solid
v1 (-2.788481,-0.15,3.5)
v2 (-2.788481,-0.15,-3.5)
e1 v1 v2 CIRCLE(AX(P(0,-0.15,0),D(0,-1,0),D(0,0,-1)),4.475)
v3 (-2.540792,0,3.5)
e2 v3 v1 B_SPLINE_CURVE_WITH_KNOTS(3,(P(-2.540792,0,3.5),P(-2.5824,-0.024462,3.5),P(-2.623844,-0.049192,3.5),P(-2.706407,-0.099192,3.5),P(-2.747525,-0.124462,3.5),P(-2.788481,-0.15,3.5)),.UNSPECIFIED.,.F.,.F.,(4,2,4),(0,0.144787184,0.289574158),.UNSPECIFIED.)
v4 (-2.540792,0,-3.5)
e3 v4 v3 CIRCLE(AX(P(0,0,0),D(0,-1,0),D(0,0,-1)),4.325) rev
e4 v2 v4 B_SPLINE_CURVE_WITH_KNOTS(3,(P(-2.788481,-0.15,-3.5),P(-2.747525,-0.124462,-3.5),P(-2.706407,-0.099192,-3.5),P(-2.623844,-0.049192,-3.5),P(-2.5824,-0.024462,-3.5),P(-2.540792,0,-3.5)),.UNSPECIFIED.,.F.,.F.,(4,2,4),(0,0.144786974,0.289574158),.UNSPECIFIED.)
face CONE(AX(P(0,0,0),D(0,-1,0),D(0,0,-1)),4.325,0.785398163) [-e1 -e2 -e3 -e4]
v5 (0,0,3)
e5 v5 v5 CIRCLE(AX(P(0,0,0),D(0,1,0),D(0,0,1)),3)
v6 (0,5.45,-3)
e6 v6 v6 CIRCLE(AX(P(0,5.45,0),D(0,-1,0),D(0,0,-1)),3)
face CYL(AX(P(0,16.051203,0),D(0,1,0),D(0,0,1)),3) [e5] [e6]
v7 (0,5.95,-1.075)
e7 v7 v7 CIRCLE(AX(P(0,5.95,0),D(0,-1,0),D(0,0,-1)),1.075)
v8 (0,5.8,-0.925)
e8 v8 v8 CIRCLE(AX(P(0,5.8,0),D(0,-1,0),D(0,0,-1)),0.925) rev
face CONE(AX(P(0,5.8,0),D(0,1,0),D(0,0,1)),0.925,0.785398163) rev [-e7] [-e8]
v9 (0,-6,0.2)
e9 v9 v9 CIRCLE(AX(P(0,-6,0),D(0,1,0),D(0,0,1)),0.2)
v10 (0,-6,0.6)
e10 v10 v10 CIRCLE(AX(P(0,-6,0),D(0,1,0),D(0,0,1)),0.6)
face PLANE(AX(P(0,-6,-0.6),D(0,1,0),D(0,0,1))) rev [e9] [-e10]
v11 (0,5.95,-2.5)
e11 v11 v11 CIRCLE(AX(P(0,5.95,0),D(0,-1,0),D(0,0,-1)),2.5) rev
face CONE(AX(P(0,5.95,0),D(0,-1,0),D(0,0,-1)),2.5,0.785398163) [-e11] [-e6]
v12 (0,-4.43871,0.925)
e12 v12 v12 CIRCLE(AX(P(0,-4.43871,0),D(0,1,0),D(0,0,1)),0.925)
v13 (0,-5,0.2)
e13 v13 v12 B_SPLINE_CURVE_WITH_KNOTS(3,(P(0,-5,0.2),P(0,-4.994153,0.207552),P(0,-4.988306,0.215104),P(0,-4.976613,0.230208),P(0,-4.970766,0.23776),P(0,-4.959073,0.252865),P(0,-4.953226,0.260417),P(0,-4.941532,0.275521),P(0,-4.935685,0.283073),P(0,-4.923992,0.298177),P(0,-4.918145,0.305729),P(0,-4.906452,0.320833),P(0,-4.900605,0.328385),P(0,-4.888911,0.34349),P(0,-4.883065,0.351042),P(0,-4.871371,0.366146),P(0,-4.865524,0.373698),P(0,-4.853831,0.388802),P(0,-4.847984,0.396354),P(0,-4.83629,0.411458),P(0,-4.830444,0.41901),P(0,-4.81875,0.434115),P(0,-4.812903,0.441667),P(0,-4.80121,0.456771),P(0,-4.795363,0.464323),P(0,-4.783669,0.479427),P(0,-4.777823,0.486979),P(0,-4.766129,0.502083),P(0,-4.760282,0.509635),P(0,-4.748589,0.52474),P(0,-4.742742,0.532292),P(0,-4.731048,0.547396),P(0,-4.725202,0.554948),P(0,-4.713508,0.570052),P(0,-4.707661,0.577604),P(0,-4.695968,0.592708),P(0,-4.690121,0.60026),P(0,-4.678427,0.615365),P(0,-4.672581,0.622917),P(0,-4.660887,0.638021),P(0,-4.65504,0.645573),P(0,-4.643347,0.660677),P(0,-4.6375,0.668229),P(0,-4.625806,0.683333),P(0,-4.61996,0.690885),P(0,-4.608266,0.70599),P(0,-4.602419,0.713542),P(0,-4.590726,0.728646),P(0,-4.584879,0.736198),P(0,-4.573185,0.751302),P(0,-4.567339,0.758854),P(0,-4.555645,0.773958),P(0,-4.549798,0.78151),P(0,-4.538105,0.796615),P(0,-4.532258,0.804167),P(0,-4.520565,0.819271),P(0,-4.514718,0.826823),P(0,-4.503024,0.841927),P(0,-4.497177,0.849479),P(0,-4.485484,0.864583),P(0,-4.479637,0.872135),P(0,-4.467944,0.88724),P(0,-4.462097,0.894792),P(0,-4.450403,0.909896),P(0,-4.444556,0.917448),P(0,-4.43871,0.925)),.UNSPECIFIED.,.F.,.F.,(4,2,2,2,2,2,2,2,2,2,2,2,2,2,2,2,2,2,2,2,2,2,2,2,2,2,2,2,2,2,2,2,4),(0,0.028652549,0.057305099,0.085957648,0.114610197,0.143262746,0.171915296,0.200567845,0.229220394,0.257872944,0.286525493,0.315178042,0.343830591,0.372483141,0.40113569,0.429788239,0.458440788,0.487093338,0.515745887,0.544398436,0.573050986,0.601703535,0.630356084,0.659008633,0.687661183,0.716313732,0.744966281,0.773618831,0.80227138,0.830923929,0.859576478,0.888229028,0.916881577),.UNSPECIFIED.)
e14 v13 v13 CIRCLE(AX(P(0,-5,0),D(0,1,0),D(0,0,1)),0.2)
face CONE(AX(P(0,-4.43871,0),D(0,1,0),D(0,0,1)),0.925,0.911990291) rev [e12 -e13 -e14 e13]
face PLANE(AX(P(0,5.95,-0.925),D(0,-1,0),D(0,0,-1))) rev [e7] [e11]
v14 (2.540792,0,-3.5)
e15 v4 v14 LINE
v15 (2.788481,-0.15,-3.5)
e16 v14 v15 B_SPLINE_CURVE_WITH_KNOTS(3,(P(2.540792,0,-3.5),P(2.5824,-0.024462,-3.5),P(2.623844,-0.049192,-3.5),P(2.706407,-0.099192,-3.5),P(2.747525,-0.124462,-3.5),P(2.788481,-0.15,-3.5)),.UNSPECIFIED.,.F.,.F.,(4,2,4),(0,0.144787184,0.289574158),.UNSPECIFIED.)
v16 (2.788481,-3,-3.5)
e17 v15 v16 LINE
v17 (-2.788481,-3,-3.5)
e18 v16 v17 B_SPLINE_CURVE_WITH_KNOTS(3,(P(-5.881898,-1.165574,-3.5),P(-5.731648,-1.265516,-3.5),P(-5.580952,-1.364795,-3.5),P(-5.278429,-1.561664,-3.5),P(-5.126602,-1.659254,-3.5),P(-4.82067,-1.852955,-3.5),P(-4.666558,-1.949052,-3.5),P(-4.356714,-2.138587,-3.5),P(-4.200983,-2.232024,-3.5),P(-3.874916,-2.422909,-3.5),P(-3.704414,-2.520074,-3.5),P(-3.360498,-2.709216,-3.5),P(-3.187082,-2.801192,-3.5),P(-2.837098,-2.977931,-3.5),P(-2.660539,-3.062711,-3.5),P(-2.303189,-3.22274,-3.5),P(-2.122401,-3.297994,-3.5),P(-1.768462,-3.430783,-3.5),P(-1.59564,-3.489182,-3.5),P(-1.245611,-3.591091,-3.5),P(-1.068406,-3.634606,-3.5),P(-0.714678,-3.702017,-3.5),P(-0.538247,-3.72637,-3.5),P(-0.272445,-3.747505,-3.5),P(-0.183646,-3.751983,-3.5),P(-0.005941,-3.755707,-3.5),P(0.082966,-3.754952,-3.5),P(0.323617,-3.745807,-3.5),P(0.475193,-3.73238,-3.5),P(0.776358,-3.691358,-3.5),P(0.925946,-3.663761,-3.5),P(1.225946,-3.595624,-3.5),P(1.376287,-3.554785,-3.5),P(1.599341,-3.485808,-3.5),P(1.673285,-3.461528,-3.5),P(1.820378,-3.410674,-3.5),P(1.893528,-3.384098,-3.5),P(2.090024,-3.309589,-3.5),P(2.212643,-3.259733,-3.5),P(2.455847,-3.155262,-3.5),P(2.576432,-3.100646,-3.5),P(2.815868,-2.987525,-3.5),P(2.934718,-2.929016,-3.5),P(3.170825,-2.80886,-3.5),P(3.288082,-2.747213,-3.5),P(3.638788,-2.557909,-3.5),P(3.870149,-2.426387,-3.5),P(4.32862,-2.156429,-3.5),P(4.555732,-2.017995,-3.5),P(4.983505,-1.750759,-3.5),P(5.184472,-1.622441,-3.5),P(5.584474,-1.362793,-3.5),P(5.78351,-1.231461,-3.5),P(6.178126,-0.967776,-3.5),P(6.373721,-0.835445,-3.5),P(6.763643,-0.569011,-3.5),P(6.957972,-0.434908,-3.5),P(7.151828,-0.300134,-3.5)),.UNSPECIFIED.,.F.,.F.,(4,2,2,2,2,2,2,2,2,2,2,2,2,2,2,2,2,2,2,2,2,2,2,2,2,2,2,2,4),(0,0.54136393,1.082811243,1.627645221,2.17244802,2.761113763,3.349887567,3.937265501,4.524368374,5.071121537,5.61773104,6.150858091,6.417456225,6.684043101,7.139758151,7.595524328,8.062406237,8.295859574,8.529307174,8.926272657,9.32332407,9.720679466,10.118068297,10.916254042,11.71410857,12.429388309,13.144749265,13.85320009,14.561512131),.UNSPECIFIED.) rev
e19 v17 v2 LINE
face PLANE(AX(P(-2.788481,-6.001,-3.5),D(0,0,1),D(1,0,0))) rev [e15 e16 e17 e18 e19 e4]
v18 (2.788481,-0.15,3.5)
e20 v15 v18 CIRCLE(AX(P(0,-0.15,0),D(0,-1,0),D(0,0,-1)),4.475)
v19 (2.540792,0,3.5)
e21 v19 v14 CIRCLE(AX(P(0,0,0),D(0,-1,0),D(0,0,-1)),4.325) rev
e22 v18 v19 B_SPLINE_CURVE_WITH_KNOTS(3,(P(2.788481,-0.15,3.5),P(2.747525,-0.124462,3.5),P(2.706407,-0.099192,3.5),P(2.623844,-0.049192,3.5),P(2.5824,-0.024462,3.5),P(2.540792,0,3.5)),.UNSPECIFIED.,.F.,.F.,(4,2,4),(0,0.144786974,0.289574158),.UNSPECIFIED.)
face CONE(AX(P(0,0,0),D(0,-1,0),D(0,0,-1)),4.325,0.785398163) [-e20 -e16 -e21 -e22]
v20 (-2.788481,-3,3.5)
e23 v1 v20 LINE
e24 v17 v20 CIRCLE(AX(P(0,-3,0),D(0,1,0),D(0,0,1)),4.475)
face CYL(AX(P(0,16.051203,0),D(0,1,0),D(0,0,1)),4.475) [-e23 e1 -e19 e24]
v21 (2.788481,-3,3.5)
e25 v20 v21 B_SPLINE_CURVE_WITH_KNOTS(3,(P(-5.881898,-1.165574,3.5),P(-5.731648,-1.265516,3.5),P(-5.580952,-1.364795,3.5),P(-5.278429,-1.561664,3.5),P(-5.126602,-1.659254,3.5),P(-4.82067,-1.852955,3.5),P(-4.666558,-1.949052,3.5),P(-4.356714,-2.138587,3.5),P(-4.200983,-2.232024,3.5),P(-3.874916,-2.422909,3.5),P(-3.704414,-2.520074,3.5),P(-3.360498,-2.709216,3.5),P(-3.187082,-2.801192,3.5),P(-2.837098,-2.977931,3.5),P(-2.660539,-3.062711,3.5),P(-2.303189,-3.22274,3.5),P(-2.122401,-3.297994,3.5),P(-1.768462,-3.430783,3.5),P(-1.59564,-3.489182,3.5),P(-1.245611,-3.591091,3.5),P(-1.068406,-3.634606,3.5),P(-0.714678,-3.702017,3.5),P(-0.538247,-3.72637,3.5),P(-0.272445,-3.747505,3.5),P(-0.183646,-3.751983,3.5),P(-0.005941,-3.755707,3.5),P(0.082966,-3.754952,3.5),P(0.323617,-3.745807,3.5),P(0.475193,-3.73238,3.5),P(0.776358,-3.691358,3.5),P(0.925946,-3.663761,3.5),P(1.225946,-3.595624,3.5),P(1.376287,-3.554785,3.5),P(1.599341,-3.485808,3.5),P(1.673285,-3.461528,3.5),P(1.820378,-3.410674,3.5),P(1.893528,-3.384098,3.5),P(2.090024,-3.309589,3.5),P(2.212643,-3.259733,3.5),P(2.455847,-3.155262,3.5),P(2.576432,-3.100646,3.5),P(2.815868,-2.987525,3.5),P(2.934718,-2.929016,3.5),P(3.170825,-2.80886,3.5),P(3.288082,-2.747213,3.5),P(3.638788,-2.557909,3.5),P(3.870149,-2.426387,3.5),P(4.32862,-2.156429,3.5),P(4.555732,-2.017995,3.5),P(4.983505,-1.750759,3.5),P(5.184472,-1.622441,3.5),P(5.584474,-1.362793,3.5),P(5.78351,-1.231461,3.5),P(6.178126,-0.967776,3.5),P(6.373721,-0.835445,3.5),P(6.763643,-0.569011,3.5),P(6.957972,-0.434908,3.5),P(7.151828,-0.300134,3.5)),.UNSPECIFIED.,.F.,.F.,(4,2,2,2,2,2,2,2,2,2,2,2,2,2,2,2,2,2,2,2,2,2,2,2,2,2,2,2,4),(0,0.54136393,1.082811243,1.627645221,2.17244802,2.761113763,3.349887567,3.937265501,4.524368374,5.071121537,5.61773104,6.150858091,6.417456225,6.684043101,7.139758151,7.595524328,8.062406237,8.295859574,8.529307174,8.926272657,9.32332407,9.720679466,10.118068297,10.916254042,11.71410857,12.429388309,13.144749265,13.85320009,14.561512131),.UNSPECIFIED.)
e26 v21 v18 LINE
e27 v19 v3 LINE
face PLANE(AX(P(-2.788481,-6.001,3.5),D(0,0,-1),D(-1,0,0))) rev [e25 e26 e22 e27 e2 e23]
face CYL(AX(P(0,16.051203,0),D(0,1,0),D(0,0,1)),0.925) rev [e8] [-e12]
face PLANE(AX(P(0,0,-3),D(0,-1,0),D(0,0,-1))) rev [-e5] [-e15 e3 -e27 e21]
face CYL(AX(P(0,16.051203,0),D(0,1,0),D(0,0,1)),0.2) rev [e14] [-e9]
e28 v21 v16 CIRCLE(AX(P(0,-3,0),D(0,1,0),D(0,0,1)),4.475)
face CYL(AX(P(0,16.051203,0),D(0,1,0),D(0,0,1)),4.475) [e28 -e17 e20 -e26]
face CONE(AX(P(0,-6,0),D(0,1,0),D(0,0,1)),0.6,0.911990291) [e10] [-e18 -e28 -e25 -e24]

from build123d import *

# Parameters (mm, degrees)
CUT_EXTRUDE1_REACH = 10.721
SKETCH2_W          = 5.576961538
SKETCH2_H          = 0.975
CHAMFER1_SIZE      = 0.5
CHAMFER2_SIZE      = 0.15


with BuildPart() as part:
    # Sketch1 → Revolve1 (revolve)
    with BuildSketch(Plane(origin=(0, 0, 0), x_dir=(0, 0, -1), z_dir=(1, 0, 0)), mode=Mode.PRIVATE) as revolve1_sk:
        Polygon((0.925, -4.438709677), (0.925, 5.95), (3, 5.95), (3, 0), (4.475, 0), (4.475, -3), (0.6, -6), (0.2, -6), (0.2, -5), align=None)
    revolve(revolve1_sk.sketch.rotate(Axis((0, 16.051202931, 0), (0, -1, 0)), 180), axis=Axis((0, 16.051202931, 0), (0, -1, 0)))

    # Cut-Extrude1: up to this cone (the profile starts inside it)
    cut_extrude1_end = Plane(origin=(0, 0, 0), z_dir=(0, 1, 0)).offset(-6.464515129) * Cone(1.292e-06, 33.629208333, 26.035515129, align=(Align.CENTER, Align.CENTER, Align.MIN), mode=Mode.PRIVATE)
    # Sketch2 → Cut-Extrude1 (cut, up to the surface)
    with BuildSketch(Plane(origin=(0, 0, 0), x_dir=(1, 0, 0), z_dir=(0, 1, 0)), mode=Mode.PRIVATE) as cut_extrude1_sk1:
        with Locations((0, -3.9875)):
            Rectangle(SKETCH2_W, SKETCH2_H)
    cut_extrude1_tool1 = extrude(cut_extrude1_sk1.sketch, amount=-CUT_EXTRUDE1_REACH, mode=Mode.PRIVATE) & cut_extrude1_end
    add(cut_extrude1_tool1.solids().sort_by_distance((0, 0, 3.9875))[0], mode=Mode.SUBTRACT)
    # Sketch2 → Cut-Extrude1 (cut, up to the surface)
    with BuildSketch(Plane(origin=(0, 0, 0), x_dir=(1, 0, 0), z_dir=(0, 1, 0)), mode=Mode.PRIVATE) as cut_extrude1_sk2:
        with Locations((0, 3.9875)):
            Rectangle(SKETCH2_W, SKETCH2_H)
    cut_extrude1_tool2 = extrude(cut_extrude1_sk2.sketch, amount=-CUT_EXTRUDE1_REACH, mode=Mode.PRIVATE) & cut_extrude1_end
    add(cut_extrude1_tool2.solids().sort_by_distance((0, 0, -3.9875))[0], mode=Mode.SUBTRACT)

    # Chamfer1
    chamfer1_edges = [part.edges().sort_by_distance(p)[0] for p in [
        (0, 5.95, -3),
    ]]
    chamfer(chamfer1_edges, length=CHAMFER1_SIZE)

    # Chamfer2
    chamfer2_edges = [part.edges().sort_by_distance(p)[0] for p in [
        (-4.475, 0, 0),
        (4.475, 0, 0),
        (0, 5.95, -0.925),
    ]]
    chamfer(chamfer2_edges, length=CHAMFER2_SIZE)


solid = part.part
